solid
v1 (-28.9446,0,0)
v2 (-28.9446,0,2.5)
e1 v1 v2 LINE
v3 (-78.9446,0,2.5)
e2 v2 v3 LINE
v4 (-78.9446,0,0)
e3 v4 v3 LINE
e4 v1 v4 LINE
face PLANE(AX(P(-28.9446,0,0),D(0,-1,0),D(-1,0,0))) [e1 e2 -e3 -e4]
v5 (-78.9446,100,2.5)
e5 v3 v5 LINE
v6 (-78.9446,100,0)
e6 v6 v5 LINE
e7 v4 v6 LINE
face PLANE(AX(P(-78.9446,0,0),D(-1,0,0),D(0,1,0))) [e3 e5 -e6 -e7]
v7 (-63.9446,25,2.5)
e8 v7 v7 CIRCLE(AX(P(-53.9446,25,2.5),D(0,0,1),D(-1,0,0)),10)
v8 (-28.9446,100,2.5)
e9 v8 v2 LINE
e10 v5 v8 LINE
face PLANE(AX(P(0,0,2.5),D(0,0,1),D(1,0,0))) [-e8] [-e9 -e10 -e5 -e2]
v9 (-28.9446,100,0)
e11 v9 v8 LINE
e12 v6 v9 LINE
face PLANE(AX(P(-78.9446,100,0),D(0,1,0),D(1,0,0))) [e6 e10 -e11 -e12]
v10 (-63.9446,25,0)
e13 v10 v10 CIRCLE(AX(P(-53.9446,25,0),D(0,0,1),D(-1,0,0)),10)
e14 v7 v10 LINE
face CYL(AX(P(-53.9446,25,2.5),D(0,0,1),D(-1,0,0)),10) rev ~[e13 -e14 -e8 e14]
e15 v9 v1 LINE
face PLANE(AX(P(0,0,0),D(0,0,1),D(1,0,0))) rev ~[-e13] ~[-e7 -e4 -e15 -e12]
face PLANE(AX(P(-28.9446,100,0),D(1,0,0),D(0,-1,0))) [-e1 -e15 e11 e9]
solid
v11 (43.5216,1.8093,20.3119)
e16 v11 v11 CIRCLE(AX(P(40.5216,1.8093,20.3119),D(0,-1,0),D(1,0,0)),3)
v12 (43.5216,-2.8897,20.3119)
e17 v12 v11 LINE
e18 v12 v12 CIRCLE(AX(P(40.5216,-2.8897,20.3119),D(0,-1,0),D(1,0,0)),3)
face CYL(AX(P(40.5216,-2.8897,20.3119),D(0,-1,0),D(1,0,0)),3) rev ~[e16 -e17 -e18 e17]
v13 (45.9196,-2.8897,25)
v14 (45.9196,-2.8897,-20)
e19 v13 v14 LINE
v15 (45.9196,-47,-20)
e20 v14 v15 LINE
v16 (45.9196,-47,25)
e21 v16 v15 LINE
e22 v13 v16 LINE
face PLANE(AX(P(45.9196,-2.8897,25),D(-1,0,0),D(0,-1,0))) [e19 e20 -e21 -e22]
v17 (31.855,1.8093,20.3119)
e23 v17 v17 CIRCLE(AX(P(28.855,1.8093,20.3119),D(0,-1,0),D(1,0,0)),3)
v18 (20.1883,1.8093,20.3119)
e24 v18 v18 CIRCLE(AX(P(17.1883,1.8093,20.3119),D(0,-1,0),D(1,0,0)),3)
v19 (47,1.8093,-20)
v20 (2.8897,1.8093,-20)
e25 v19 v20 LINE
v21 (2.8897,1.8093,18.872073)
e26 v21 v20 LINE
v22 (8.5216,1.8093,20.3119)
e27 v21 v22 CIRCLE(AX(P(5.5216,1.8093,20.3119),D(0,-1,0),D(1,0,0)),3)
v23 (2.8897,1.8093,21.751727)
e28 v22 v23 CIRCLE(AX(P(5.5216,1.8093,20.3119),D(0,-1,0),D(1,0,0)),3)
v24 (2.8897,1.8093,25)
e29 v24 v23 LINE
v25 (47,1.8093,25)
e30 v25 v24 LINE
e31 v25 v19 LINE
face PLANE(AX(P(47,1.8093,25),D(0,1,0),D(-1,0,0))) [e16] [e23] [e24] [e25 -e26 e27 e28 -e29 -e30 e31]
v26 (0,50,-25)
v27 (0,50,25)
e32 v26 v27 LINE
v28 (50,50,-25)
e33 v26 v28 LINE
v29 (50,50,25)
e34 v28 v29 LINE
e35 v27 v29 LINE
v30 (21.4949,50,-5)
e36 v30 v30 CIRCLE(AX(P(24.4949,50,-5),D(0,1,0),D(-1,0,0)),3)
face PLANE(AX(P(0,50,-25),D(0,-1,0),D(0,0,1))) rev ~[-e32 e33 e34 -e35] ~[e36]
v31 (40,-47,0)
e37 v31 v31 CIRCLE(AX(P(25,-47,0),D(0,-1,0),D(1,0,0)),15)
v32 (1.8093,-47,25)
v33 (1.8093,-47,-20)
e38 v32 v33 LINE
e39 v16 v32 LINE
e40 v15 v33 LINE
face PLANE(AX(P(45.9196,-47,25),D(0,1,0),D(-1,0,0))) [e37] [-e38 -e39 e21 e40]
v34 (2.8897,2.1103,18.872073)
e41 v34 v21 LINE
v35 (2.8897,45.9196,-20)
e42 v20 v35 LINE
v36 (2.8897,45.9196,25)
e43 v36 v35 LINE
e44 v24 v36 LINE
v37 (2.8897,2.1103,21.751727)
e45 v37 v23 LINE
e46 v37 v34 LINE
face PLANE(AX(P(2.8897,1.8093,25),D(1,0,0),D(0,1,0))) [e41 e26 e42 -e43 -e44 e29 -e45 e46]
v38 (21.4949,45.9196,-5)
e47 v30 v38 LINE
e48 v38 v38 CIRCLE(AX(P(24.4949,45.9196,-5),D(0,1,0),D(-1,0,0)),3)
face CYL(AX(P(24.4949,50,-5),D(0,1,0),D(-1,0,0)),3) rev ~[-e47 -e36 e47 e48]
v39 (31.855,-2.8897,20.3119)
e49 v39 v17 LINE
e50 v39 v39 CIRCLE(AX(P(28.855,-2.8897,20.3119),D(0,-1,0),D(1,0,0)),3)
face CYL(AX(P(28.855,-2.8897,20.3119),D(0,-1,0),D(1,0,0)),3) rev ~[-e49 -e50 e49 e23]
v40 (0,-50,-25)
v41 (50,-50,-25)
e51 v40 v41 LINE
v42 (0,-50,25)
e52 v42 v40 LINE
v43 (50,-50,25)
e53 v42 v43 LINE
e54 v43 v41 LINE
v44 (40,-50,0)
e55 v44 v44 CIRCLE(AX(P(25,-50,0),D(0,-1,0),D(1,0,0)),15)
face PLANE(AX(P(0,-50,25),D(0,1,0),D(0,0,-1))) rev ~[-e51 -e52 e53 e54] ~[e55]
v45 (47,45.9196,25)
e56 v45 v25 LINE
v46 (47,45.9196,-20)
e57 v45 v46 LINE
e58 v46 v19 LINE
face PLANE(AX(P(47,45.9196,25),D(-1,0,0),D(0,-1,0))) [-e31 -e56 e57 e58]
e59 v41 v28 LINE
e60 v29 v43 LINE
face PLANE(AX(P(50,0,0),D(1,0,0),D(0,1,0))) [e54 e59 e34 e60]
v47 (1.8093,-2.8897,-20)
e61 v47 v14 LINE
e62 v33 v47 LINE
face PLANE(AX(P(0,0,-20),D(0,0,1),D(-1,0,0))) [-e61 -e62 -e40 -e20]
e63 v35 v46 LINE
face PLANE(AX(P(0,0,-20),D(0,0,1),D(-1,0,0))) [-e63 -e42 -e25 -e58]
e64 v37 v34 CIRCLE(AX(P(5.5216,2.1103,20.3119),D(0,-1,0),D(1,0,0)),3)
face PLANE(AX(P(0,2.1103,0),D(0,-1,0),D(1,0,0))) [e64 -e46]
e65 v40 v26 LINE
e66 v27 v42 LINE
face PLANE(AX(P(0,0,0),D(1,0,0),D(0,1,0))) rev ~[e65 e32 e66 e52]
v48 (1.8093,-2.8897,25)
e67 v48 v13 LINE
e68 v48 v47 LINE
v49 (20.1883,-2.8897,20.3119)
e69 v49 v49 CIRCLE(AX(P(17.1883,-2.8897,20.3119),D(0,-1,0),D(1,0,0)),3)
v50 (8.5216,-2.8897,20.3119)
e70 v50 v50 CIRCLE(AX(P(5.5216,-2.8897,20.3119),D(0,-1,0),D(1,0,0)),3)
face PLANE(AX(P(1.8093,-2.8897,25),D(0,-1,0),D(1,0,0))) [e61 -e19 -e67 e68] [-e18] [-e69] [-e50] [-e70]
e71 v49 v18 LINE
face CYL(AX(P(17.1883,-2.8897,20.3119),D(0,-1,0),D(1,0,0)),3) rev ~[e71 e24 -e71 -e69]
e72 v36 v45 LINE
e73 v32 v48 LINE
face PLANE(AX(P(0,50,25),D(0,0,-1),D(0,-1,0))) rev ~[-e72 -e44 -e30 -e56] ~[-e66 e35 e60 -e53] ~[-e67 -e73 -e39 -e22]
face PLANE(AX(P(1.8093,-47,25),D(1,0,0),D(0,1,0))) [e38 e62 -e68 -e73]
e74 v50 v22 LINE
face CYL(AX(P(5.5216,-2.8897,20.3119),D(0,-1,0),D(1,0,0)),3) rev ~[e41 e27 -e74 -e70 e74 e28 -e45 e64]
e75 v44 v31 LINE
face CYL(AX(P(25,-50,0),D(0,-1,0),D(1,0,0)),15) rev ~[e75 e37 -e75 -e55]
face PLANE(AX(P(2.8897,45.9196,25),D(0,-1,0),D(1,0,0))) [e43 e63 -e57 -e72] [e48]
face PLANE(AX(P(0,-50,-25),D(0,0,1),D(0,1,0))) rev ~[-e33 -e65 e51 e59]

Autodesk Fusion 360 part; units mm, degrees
sketch "Esquisse1" plane through (0, 0, 0) normal (1, 0, 0) x (0, 1, 0)
  line L0 (50, 25) -> (-50, 25)
  line L1 (-50, 25) -> (-50, -25)
  line L2 (-50, -25) -> (50, -25)
  line L3 (50, -25) -> (50, 25)
  line L4 (50, 25) -> (-50, -25) construction
  line L5 (-50, 25) -> (50, -25) construction
  line L6 (-45.5279, 22.7639) -> (-2.2988, 22.7639)
  line L7 (-2.2988, 22.7639) -> (-2.2988, -22.3105)
  line L8 (-2.2988, -22.3105) -> (-45.5279, -22.3105)
  line L9 (-45.5279, -22.3105) -> (-45.5279, 22.7639)
  line L10 (45.5279, -22.7639) -> (2.2988, -22.7639)
  line L11 (45.5279, 22.3105) -> (45.5279, -22.7639)
  line L12 (2.2988, 22.3105) -> (45.5279, 22.3105)
  line L13 (2.2988, -22.7639) -> (2.2988, 22.3105)
  dimension "d5" = 100
  dimension "d6" = 50
  dimension "d7" = 5
  dimension "d9" = 360
extrude "Extrusion1" add sketch "Esquisse1" along normal blind 50 contours L0 L1 L2 L3 | L6 L7 L8 L9 | L10 L11 L12 L13 makes body 1
sketch "Esquisse2" plane through (0, 0, 25) normal (0, 0, 1) x (-1, 0, 0)
  line L0 (0, -50) -> (0, 50)
  line L1 (0, 50) -> (-50, 50)
  line L2 (-50, 50) -> (-50, -50)
  line L3 (-50, -50) -> (0, -50)
  line L4 (-2.8897, -45.9196) -> (-47, -45.9196)
  line L5 (-47, -45.9196) -> (-47, -1.8093)
  line L6 (-47, -1.8093) -> (-2.8897, -1.8093)
  line L7 (-2.8897, -1.8093) -> (-2.8897, -45.9196)
  line L8 (-1.8093, 47) -> (-1.8093, 2.8897)
  line L9 (-1.8093, 2.8897) -> (-45.9196, 2.8897)
  line L10 (-45.9196, 2.8897) -> (-45.9196, 47)
  line L11 (-45.9196, 47) -> (-1.8093, 47)
  dimension "d12" = 5
  dimension "d13" = 3
  dimension "d15" = 90
extrude "Extrusion2" cut sketch "Esquisse2" against normal blind 45 contours L4 L5 L6 L7 | L8 L9 L10 L11 bodies 1
sketch "Esquisse3" plane through (0, -50, 0) normal (0, -1, 0) x (1, 0, 0)
  line L0 (0, 25) -> (0, -25)
  line L1 (0, -25) -> (50, -25)
  line L2 (50, -25) -> (50, 25)
  line L3 (50, 25) -> (0, 25)
  circle A0 centre (25, 0) radius 15
  dimension "d20" = 30
  dimension "d21" = 25
  dimension "d22" = 25
extrude "Extrusion3" cut sketch "Esquisse3" against normal blind 5 contours A0 bodies 1
sketch "Esquisse4" plane through (0, -2.8897, 0) normal (0, -1, 0) x (1, 0, 0)
  line L0 (45.9196, 25) -> (1.8093, 25)
  line L1 (1.8093, 25) -> (1.8093, -20)
  line L2 (1.8093, -20) -> (45.9196, -20)
  line L3 (45.9196, -20) -> (45.9196, 25)
  circle A0 centre (5.5216, 20.3119) radius 3
  circle A1 centre (17.1883, 20.3119) radius 3
  circle A2 centre (28.855, 20.3119) radius 3
  circle A3 centre (40.5216, 20.3119) radius 3
  point P0 (17.1883, 20.3119)
  point P1 (28.855, 20.3119)
  point P2 (40.5216, 20.3119)
  dimension "d25" = 6
  dimension "d28" = 35
  dimension "d29" = 0
  dimension "d30" = 6
  dimension "d31" = 6
  dimension "d32" = 6
extrude "Extrusion4" cut sketch "Esquisse4" against normal blind 5 contours A0 | A1 | A2 | A3 bodies 1
sketch "Esquisse5" plane through (0, 50, 0) normal (0, 1, 0) x (-1, 0, 0)
  line L0 (0, -25) -> (0, 25)
  line L1 (0, 25) -> (-50, 25)
  line L2 (-50, 25) -> (-50, -25)
  line L3 (-50, -25) -> (0, -25)
  circle A0 centre (-24.4949, -5) radius 3
  dimension "d35" = 6
  dimension "d36" = 30
  dimension "d37" = 25
extrude "Extrusion5" cut sketch "Esquisse5" against normal blind 5 contours A0 bodies 1
sketch "Esquisse6" plane through (0, 0, 0) normal (0, 0, 1) x (1, 0, 0)
  line L0 (-28.9446, 0) -> (-78.9446, 0)
  line L1 (-78.9446, 0) -> (-78.9446, 100)
  line L2 (-78.9446, 100) -> (-28.9446, 100)
  line L3 (-28.9446, 100) -> (-28.9446, 0)
  dimension "d40" = 100
  dimension "d41" = 50
sketch "Esquisse7" plane through (0, 0, 0) normal (0, 0, 1) x (1, 0, 0)
extrude "Extrusion6" add sketch "Esquisse6" along normal blind 2.5 separate body makes body 2
sketch "Esquisse8" plane through (0, 0, 2.5) normal (0, 0, 1) x (-1, 0, 0)
  line L0 (28.9446, -100) -> (78.9446, -100)
  line L1 (78.9446, -100) -> (78.9446, 0)
  line L2 (78.9446, 0) -> (28.9446, 0)
  line L3 (28.9446, 0) -> (28.9446, -100)
  circle A0 centre (53.9446, -25) radius 10
  dimension "d44" = 25
  dimension "d45" = 20
  dimension "d46" = 25
extrude "Extrusion7" cut sketch "Esquisse8" against normal blind 2.5 contours A0 bodies 2
equation "largeur = 50 mm"
equation "longueur = 100 mm"
equation "hauteur = 50 mm"
equation "trou = 45 mm"
equation "d5 = longueur"
equation "d6 = largeur"
equation "d10 = hauteur"
equation "d16 = -trou"
equation "cercle = 30 mm"
equation "petitcercle = 6 mm"
equation "d20 = cercle"
equation "d25 = petitcercle"
equation "d30 = petitcercle"
equation "d31 = petitcercle"
equation "d32 = petitcercle"
equation "d35 = petitcercle"
equation "d40 = longueur"
equation "d41 = largeur"
equation "d46 = largeur / 2"
